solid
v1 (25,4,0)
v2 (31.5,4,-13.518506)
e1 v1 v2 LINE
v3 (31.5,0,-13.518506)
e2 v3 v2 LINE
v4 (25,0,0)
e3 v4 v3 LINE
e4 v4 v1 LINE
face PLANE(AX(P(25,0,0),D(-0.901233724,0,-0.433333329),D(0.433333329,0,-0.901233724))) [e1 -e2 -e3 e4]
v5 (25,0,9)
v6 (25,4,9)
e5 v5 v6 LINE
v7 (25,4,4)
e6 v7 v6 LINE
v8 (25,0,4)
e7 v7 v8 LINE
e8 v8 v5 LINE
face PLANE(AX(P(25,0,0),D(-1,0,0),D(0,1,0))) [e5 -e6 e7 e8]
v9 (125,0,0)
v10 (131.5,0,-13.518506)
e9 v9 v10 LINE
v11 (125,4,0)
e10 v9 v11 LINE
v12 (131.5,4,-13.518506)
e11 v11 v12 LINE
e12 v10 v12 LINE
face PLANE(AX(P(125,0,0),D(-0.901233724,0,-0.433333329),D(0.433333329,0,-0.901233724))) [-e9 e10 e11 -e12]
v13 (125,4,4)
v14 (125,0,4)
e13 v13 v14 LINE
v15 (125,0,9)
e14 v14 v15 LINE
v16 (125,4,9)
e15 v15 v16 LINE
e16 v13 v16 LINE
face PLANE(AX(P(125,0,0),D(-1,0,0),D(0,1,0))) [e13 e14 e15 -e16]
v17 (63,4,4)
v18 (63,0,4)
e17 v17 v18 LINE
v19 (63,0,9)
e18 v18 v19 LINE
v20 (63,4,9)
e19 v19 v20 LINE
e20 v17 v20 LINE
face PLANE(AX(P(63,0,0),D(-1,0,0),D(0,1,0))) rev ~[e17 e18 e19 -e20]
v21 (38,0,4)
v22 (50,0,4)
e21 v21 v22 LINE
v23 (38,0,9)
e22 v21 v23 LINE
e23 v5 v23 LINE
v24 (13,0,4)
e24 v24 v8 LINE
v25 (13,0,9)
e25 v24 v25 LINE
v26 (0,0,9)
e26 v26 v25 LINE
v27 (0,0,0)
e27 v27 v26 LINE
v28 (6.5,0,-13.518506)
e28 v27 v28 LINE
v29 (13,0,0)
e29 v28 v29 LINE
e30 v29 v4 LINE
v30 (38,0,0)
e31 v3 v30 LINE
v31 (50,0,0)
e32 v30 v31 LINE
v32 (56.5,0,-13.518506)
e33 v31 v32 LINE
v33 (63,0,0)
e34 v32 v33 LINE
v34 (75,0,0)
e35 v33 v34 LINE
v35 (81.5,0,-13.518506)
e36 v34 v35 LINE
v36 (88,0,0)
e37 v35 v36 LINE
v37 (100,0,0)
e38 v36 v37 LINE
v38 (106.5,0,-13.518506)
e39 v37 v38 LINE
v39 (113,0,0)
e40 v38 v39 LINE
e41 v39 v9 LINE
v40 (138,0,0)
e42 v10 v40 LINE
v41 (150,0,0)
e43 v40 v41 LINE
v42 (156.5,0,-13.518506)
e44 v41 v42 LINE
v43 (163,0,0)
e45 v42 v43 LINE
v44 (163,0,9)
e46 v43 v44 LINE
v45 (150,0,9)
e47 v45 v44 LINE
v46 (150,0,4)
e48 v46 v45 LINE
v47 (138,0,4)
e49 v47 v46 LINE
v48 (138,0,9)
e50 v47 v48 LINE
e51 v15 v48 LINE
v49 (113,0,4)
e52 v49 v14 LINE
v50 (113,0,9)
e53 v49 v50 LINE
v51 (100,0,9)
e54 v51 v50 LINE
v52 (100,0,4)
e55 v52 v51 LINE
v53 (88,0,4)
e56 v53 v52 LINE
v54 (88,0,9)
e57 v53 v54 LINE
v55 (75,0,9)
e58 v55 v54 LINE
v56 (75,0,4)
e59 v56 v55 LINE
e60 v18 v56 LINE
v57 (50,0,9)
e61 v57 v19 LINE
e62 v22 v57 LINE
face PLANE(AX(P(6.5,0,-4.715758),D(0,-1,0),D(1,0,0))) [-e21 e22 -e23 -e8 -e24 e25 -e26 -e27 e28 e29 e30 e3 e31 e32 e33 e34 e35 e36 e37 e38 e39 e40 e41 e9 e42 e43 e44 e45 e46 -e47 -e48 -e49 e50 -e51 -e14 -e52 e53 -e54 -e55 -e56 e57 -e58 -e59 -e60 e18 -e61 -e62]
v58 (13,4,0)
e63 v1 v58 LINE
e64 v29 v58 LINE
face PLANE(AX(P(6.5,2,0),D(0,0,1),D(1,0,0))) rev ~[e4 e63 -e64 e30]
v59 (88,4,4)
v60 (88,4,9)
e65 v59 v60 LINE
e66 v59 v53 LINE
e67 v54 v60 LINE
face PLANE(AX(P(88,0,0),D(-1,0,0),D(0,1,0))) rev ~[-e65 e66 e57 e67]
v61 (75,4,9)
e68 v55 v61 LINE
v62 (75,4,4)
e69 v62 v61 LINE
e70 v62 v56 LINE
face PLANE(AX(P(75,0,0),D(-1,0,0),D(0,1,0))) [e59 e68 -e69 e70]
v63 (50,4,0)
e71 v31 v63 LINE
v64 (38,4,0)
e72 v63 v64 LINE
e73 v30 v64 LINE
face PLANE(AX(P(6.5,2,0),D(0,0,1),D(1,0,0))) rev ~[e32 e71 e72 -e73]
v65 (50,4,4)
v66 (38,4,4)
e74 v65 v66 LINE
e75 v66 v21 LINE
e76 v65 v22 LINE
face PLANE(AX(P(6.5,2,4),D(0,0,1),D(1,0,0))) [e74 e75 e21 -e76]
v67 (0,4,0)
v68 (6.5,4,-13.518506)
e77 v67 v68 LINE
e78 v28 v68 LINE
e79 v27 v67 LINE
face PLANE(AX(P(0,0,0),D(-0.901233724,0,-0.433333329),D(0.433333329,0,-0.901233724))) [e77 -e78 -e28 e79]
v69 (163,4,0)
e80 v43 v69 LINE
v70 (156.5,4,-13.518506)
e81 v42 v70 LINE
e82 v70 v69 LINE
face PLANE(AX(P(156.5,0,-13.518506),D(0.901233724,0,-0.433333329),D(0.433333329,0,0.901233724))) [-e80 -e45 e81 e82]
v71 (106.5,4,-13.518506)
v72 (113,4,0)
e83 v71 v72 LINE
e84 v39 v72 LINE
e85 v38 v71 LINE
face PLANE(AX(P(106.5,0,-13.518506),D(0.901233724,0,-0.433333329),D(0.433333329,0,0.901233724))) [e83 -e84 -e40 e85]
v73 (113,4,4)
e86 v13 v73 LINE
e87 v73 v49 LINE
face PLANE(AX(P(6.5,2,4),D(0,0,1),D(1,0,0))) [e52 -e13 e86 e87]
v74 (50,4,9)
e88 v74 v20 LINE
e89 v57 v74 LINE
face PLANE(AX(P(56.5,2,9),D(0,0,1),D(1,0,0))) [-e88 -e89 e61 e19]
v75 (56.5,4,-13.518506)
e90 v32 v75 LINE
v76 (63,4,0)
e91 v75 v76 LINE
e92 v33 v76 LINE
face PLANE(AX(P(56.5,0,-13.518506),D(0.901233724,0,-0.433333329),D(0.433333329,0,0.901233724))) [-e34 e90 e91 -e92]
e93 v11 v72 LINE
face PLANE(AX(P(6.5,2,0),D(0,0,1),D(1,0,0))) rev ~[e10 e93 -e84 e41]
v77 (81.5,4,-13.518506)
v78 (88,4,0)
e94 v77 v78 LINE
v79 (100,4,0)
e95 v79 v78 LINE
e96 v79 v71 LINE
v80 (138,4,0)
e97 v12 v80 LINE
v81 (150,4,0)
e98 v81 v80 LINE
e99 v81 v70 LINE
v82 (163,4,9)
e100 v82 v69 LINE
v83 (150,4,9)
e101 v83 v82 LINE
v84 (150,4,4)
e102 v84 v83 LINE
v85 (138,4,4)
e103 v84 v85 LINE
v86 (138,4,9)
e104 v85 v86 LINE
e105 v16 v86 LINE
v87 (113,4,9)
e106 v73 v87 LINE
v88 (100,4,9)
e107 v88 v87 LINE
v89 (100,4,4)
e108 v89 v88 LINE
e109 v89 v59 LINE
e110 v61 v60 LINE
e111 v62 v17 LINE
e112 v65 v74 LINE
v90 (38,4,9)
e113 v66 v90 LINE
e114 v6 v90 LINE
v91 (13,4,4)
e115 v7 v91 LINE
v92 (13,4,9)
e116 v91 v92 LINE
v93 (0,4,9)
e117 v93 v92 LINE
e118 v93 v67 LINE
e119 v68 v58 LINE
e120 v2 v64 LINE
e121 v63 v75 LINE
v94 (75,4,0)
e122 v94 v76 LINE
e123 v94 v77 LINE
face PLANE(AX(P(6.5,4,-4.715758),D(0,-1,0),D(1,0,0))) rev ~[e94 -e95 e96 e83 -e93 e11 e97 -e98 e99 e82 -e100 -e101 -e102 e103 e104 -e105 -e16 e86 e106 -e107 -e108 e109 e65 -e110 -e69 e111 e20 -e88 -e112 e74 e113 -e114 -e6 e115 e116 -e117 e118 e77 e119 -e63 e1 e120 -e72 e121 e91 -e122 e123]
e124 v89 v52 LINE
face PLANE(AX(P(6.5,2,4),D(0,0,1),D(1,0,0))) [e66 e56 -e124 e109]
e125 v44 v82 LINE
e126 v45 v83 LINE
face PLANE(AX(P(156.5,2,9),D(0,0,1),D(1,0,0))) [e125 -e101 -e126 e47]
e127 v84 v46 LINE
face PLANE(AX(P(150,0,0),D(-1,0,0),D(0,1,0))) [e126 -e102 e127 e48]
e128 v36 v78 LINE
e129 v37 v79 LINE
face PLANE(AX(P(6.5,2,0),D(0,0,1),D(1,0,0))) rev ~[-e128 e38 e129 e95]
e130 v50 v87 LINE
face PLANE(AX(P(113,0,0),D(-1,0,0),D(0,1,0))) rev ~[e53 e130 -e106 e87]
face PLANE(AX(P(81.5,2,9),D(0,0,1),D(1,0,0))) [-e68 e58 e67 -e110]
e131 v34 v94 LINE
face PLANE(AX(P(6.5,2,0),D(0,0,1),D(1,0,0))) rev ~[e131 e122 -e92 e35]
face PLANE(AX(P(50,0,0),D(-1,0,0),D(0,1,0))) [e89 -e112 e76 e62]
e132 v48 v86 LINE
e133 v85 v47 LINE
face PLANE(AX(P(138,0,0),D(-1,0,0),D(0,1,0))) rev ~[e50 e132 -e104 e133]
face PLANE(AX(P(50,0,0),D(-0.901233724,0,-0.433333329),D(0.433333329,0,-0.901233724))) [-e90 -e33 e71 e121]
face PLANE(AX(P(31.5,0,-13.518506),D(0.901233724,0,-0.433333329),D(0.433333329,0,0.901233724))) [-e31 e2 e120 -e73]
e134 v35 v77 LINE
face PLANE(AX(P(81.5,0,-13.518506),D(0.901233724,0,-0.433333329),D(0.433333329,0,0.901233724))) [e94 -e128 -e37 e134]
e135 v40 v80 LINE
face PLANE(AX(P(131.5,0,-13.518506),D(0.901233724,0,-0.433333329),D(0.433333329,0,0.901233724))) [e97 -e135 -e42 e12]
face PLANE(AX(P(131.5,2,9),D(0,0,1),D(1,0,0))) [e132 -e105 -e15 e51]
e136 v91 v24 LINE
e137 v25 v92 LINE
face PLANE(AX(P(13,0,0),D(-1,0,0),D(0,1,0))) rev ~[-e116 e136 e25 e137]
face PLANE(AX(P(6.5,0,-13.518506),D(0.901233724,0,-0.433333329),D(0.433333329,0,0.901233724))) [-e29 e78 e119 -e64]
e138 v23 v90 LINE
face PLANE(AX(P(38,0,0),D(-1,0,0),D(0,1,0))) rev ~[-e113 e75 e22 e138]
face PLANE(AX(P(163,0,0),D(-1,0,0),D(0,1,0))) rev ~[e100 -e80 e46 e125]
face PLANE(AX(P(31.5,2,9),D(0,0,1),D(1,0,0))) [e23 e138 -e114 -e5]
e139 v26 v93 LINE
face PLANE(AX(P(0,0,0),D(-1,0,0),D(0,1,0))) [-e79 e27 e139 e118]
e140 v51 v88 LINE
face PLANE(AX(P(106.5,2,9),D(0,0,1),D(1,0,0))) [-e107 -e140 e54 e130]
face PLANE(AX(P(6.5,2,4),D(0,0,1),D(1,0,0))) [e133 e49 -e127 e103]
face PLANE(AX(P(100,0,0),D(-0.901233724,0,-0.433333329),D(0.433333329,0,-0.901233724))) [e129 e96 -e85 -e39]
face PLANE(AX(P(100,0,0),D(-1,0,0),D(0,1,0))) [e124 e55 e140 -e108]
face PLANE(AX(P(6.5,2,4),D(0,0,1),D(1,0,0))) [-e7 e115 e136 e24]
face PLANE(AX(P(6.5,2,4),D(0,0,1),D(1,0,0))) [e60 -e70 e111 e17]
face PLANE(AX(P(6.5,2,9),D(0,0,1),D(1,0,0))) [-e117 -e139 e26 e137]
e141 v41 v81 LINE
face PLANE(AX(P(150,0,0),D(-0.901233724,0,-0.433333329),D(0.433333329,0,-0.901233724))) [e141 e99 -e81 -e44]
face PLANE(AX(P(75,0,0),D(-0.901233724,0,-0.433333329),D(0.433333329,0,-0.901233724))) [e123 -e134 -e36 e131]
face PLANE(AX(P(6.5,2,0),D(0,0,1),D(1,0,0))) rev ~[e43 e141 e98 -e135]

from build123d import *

# Parameters (mm, degrees)
F0_W     = 13
F0_H     = 4
F0_W_2   = 12
F1_DEPTH = 4
F2_DEPTH = 9
F4_DEPTH = 4


with BuildPart() as f1:
    # F0 (on Top) → F1 (new body)
    with BuildSketch(Plane.XY):
        with Locations((6.5, 2)):
            Rectangle(F0_W, F0_H)
        with Locations((19, 2)):
            Rectangle(F0_W_2, F0_H)
        with Locations((31.5, 2)):
            Rectangle(F0_W, F0_H)
        with Locations((44, 2)):
            Rectangle(F0_W_2, F0_H)
        with Locations((56.5, 2)):
            Rectangle(F0_W, F0_H)
        with Locations((69, 2)):
            Rectangle(F0_W_2, F0_H)
        with Locations((81.5, 2)):
            Rectangle(F0_W, F0_H)
        with Locations((94, 2)):
            Rectangle(F0_W_2, F0_H)
        with Locations((106.5, 2)):
            Rectangle(F0_W, F0_H)
        with Locations((119, 2)):
            Rectangle(F0_W_2, F0_H)
        with Locations((131.5, 2)):
            Rectangle(F0_W, F0_H)
        with Locations((144, 2)):
            Rectangle(F0_W_2, F0_H)
        with Locations((156.5, 2)):
            Rectangle(F0_W, F0_H)
    extrude(amount=F1_DEPTH)

    # F0 (on Top) → F2 (join)
    with BuildSketch(Plane.XY):
        with Locations((6.5, 2)):
            Rectangle(F0_W, F0_H)
        with Locations((31.5, 2)):
            Rectangle(F0_W, F0_H)
        with Locations((56.5, 2)):
            Rectangle(F0_W, F0_H)
        with Locations((81.5, 2)):
            Rectangle(F0_W, F0_H)
        with Locations((106.5, 2)):
            Rectangle(F0_W, F0_H)
        with Locations((131.5, 2)):
            Rectangle(F0_W, F0_H)
        with Locations((156.5, 2)):
            Rectangle(F0_W, F0_H)
    extrude(amount=F2_DEPTH)

    # F3 (on face) → F4 (join)
    with BuildSketch(Plane.XZ):
        Polygon((13, 0), (0, 0), (6.5, -13.518506), align=None)
        Polygon((38, 0), (25, 0), (31.5, -13.518506), align=None)
        Polygon((63, 0), (50, 0), (56.5, -13.518506), align=None)
        Polygon((88, 0), (75, 0), (81.5, -13.518506), align=None)
        Polygon((113, 0), (100, 0), (106.5, -13.518506), align=None)
        Polygon((138, 0), (125, 0), (131.5, -13.518506), align=None)
        Polygon((163, 0), (150, 0), (156.5, -13.518506), align=None)
    extrude(amount=-F4_DEPTH)


solid = f1.part
